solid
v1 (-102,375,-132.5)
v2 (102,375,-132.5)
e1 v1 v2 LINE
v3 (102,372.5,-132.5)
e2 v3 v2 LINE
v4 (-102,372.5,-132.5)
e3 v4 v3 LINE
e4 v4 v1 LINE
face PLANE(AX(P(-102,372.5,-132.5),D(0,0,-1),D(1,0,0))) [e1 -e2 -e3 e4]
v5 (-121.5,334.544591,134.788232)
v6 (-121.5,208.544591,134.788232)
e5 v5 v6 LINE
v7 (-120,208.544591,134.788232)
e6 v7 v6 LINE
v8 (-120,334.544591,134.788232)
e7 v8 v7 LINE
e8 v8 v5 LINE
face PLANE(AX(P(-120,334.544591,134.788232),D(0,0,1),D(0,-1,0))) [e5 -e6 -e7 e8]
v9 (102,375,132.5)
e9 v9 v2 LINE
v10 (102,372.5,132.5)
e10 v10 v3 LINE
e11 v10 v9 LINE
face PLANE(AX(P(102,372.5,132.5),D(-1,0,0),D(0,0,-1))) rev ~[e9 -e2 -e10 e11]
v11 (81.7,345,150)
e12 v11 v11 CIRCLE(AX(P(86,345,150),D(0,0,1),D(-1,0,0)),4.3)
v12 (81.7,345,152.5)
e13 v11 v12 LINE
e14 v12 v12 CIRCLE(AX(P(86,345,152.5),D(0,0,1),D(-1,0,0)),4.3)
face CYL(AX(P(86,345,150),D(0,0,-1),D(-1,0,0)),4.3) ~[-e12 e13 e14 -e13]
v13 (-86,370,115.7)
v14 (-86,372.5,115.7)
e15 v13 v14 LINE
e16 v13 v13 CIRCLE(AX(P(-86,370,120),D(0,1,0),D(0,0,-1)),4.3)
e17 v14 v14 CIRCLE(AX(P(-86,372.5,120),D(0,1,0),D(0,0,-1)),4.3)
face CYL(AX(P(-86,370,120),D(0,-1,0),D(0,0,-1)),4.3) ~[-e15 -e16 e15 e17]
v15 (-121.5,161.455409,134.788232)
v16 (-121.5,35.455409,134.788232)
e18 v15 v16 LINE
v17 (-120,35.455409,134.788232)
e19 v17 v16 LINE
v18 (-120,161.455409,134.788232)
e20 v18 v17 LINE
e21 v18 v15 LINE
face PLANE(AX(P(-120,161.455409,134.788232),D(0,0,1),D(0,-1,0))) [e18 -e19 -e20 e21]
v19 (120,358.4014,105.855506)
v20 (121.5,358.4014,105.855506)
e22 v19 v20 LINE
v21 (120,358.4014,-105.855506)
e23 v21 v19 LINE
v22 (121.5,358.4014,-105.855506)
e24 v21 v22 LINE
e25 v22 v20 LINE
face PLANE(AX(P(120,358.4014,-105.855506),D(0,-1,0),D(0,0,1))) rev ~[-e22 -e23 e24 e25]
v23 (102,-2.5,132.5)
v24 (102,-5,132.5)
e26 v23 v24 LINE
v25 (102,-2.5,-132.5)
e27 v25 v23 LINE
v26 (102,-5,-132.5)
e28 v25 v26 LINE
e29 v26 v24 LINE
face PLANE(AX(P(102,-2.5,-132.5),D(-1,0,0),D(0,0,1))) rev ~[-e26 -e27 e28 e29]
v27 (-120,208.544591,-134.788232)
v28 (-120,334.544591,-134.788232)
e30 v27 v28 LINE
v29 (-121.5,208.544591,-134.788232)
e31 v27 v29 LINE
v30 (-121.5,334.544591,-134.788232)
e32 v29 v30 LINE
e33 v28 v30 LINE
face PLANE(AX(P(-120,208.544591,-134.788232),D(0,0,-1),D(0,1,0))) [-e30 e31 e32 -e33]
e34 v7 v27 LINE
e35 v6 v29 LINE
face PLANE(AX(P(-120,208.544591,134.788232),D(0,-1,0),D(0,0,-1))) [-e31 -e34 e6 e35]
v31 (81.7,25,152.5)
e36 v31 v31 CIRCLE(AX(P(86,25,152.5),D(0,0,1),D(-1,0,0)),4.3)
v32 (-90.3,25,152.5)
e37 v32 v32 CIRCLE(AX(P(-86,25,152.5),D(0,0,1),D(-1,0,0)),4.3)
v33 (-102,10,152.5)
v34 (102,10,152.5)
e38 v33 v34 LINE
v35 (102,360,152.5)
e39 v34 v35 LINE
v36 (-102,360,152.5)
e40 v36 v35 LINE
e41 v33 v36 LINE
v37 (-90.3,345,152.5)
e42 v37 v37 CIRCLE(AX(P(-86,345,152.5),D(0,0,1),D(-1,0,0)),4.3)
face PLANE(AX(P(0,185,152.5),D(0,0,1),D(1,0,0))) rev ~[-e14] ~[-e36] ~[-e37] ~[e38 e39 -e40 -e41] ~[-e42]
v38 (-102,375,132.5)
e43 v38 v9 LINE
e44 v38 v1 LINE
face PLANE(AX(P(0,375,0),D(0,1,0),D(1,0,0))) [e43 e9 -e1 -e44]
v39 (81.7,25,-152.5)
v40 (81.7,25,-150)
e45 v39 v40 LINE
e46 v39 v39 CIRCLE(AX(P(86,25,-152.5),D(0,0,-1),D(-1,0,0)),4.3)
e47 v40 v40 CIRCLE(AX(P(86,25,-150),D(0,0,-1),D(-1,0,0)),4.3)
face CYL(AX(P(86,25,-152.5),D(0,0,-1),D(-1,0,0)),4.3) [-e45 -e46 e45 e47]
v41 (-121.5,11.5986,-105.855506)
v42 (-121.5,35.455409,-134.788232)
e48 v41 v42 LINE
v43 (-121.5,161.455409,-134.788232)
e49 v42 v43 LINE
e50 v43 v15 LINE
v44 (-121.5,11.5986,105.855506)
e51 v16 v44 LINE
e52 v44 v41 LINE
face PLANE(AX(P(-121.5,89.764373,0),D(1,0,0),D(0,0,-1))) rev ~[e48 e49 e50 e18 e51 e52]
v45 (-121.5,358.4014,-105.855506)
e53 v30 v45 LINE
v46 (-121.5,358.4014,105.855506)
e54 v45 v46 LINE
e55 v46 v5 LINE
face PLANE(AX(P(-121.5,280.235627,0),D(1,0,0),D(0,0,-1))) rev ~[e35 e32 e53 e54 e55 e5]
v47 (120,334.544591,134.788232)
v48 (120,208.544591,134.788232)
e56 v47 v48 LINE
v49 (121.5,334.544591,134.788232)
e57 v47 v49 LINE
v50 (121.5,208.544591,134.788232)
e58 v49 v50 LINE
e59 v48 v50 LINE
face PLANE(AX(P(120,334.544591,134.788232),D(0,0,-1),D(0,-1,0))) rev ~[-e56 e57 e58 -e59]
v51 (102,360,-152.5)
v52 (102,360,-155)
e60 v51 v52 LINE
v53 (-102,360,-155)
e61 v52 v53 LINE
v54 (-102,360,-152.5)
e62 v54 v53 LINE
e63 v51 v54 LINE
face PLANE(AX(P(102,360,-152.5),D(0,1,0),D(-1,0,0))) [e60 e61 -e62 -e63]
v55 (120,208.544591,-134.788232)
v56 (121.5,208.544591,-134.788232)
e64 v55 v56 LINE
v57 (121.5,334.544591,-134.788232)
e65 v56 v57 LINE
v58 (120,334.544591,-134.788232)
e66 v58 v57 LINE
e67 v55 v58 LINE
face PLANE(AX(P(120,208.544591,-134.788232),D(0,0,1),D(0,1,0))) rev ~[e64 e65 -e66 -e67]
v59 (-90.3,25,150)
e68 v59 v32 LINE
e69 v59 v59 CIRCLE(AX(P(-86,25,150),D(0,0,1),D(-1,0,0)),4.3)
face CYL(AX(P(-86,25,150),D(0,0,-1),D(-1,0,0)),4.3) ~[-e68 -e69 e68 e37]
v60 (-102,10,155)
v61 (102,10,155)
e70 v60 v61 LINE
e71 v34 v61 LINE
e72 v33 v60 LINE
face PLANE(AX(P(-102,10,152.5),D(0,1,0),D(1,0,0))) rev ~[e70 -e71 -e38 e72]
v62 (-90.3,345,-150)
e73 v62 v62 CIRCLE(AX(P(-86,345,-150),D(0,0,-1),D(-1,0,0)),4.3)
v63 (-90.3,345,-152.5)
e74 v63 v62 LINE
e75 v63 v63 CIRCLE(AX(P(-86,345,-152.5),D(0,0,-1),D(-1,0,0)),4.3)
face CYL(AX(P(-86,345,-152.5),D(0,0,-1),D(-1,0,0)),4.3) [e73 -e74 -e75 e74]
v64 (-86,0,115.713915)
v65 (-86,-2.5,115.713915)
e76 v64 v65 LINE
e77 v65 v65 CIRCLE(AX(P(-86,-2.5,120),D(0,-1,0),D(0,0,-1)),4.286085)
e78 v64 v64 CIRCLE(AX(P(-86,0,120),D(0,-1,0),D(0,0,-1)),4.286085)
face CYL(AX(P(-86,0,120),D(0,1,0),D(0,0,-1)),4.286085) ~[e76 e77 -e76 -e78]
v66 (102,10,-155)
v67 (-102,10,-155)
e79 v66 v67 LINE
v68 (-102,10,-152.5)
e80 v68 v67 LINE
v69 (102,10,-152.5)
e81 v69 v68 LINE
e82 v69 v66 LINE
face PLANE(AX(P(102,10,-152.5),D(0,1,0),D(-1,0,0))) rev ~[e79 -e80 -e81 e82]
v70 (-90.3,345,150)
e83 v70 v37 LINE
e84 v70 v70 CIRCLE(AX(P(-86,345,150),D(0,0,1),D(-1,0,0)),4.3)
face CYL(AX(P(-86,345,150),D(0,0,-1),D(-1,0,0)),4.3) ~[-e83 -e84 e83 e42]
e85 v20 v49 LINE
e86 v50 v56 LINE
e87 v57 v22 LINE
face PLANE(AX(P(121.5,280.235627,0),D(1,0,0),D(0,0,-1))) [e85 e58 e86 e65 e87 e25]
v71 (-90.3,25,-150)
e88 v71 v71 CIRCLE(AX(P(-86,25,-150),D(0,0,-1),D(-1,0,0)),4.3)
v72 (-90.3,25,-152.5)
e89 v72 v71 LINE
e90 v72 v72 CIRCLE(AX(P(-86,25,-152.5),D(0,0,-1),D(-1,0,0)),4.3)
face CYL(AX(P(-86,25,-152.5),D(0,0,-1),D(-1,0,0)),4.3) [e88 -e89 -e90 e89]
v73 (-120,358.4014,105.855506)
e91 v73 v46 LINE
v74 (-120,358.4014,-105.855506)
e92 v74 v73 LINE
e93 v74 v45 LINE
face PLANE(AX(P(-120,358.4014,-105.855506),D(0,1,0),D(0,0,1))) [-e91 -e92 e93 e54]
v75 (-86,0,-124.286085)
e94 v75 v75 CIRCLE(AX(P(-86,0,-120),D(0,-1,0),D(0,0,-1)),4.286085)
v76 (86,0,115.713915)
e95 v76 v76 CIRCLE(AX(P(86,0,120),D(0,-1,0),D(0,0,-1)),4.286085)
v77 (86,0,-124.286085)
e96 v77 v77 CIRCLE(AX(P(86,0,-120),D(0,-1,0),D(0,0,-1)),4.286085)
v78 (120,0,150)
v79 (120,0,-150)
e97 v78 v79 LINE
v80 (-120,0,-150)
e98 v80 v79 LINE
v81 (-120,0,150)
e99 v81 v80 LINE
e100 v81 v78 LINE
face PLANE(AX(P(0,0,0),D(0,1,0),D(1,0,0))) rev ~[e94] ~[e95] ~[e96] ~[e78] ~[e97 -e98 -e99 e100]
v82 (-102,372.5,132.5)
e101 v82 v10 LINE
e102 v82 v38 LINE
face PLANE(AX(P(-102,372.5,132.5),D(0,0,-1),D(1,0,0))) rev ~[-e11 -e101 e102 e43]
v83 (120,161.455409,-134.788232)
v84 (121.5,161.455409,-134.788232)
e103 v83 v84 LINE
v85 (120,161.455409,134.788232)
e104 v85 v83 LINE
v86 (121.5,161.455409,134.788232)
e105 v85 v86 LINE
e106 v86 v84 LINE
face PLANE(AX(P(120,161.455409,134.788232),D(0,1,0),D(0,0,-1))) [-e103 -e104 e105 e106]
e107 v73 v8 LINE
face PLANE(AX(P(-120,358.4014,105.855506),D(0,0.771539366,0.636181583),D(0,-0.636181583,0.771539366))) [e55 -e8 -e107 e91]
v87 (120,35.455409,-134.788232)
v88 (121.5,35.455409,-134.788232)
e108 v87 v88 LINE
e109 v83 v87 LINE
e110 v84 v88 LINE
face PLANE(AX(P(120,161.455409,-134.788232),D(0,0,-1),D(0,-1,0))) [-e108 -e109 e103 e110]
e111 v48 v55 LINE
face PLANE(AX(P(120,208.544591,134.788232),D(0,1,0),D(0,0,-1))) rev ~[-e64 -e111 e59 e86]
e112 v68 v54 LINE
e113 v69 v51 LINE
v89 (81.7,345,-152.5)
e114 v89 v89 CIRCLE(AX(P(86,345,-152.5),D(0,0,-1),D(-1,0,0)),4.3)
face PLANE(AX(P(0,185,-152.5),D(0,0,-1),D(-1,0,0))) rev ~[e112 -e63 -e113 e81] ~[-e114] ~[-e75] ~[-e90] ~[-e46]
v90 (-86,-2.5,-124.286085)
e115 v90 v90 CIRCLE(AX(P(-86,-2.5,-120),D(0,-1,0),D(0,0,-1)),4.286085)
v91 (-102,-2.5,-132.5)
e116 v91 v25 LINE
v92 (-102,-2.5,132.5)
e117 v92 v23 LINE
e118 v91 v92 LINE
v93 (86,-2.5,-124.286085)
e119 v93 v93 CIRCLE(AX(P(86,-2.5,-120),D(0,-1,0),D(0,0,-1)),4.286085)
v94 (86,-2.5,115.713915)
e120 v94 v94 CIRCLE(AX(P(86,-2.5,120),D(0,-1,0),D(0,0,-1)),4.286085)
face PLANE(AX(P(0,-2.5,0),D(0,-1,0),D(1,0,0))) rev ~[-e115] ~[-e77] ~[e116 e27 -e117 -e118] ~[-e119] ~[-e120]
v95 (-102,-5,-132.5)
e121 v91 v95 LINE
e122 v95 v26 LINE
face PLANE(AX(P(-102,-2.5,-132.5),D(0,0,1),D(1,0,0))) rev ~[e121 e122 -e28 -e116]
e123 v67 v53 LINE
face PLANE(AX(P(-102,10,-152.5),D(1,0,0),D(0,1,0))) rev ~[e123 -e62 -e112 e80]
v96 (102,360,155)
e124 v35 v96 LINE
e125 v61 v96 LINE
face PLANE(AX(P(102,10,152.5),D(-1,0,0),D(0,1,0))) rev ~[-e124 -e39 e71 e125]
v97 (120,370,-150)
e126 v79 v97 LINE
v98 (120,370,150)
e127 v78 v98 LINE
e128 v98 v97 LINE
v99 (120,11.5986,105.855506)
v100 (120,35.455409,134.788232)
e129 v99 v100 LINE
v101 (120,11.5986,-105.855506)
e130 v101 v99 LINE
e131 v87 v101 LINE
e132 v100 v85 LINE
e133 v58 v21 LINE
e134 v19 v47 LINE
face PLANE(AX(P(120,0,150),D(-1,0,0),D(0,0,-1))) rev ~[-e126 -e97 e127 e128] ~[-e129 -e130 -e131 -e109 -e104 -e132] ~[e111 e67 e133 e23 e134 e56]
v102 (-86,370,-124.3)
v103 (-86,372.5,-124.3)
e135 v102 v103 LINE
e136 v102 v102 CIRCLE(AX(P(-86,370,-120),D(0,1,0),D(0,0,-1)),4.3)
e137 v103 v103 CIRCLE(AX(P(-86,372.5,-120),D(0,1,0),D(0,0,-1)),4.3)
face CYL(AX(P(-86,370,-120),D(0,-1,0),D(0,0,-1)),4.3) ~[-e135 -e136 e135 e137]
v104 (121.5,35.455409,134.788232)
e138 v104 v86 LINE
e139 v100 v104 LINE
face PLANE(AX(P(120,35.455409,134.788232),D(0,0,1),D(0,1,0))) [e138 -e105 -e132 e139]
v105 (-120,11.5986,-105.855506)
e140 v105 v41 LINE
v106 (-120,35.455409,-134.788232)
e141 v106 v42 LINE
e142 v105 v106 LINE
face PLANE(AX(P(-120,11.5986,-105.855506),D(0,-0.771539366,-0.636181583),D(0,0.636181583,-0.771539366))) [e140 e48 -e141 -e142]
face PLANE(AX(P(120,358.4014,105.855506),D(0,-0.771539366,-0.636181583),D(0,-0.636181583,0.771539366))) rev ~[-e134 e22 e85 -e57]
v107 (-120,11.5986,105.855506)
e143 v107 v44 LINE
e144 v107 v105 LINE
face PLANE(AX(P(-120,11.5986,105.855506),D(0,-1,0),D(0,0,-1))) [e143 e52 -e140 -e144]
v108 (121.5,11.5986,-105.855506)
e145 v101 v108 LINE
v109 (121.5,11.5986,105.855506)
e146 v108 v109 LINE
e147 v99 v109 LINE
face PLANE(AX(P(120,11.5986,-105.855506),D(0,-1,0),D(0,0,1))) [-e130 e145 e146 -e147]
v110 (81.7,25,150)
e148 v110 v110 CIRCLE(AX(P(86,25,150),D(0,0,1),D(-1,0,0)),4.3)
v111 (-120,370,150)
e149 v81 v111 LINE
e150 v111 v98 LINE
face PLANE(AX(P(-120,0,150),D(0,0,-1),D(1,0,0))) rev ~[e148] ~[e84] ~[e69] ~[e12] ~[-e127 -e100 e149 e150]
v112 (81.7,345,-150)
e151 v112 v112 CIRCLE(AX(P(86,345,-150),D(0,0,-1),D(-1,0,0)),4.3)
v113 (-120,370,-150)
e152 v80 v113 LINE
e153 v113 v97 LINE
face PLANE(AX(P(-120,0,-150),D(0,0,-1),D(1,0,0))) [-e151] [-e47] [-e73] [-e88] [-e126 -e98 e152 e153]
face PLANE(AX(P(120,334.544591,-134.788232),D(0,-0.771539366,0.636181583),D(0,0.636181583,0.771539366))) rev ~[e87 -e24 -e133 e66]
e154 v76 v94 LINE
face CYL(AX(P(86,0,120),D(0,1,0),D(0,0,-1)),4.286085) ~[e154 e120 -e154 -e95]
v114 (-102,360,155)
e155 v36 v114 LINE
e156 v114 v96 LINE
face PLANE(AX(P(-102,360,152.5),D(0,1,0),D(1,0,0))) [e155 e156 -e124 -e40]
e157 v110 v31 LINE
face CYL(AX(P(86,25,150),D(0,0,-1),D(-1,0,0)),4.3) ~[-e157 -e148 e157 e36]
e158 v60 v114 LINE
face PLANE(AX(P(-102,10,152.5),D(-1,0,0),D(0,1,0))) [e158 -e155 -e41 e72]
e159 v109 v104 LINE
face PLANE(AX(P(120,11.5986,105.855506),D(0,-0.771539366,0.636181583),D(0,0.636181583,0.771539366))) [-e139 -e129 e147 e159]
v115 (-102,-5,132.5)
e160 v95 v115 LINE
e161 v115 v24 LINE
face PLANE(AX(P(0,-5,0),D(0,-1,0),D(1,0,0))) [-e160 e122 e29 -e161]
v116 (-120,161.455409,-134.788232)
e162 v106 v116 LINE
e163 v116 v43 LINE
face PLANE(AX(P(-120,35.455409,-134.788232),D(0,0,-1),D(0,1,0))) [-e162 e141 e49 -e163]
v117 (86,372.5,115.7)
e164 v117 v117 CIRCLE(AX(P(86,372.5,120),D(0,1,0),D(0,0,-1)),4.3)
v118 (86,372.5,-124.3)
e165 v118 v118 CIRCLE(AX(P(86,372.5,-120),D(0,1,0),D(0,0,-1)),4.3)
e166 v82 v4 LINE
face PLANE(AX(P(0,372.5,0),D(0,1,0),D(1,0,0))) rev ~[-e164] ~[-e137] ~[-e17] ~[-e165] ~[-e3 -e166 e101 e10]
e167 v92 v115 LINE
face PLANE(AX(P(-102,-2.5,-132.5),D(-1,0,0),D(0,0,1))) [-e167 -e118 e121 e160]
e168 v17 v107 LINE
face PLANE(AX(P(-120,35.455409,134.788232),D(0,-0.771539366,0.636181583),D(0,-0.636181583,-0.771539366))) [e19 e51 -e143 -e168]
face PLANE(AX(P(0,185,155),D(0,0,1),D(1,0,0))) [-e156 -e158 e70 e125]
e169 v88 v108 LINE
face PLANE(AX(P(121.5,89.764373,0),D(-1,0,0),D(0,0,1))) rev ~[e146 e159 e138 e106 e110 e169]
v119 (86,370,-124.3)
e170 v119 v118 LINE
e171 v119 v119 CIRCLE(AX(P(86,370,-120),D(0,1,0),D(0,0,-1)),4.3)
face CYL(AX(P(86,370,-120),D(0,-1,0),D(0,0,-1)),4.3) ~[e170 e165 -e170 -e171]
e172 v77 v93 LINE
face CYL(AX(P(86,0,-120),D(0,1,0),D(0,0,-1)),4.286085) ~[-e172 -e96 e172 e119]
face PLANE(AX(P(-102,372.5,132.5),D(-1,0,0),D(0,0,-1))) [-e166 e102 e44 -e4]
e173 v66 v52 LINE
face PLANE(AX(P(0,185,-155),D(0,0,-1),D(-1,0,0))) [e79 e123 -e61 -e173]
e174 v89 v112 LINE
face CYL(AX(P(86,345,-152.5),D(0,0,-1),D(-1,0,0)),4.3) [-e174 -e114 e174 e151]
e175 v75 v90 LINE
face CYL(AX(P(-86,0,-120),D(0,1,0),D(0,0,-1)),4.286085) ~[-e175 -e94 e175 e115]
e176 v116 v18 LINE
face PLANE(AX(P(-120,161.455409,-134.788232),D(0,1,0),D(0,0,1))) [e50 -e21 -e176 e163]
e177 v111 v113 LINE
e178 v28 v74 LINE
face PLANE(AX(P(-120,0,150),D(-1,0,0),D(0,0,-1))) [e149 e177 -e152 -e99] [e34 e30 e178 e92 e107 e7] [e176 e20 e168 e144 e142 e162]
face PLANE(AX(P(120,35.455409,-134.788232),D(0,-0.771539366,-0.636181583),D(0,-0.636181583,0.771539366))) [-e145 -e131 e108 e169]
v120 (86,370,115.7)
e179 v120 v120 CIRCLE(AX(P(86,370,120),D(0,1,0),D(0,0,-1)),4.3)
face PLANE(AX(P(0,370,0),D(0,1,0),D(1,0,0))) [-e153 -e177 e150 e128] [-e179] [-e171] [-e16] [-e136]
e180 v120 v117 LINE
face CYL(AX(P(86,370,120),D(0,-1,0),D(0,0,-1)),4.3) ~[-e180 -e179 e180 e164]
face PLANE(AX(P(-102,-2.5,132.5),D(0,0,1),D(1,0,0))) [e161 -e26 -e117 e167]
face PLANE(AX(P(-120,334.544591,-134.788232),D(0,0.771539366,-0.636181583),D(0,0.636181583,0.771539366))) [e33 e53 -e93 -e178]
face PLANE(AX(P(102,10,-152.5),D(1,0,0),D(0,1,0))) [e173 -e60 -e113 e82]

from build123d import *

# Parameters (mm, degrees)
SKETCH1_W            = 240
SKETCH1_H            = 300
BOSS_EXTRUDE1_DEPTH  = 370
SKETCH2_R            = 4.3
BOSS_EXTRUDE2_DEPTH  = 2.5
SKETCH3_W            = 204
SKETCH3_H            = 265
BOSS_EXTRUDE3_DEPTH  = 2.5
SKETCH8_R            = 4.286085294
BOSS_EXTRUDE6_DEPTH  = 2.5
SKETCH9_W            = 204
SKETCH9_H            = 265
BOSS_EXTRUDE7_DEPTH  = 2.5
SKETCH10_R           = 4.3
BOSS_EXTRUDE8_DEPTH  = 2.5
SKETCH12_W           = 204
SKETCH12_H           = 350
BOSS_EXTRUDE9_DEPTH  = 2.5
BOSS_EXTRUDE10_START = 2.5
SKETCH13_R           = 4.3
BOSS_EXTRUDE10_DEPTH = 2.5
SKETCH14_W           = 204
SKETCH14_H           = 350
BOSS_EXTRUDE11_DEPTH = 2.5
BOSS_EXTRUDE12_DEPTH = 1.5
BOSS_EXTRUDE13_DEPTH = 1.5


with BuildPart() as part:
    # Sketch1 → Boss-Extrude1 (new body)
    with BuildSketch(Plane(origin=(0, 0, 0), x_dir=(1, 0, 0), z_dir=(0, 1, 0))):
        Rectangle(SKETCH1_W, SKETCH1_H)
    extrude(amount=BOSS_EXTRUDE1_DEPTH)

    # Sketch2 → Boss-Extrude2 (add)
    with BuildSketch(Plane(origin=(0, 370, 0), x_dir=(1, 0, 0), z_dir=(0, 1, 0))):
        with Locations(Location((-86, 120, 0), (0, 0, 90))):
            Circle(SKETCH2_R)
        with Locations(Location((86, 120, 0), (0, 0, 90))):
            Circle(SKETCH2_R)
        with Locations(Location((86, -120, 0), (0, 0, 90))):
            Circle(SKETCH2_R)
        with Locations(Location((-86, -120, 0), (0, 0, 90))):
            Circle(SKETCH2_R)
    extrude(amount=BOSS_EXTRUDE2_DEPTH)

    # Sketch3 → Boss-Extrude3 (add)
    with BuildSketch(Plane(origin=(0, 372.5, 0), x_dir=(1, 0, 0), z_dir=(0, 1, 0))):
        Rectangle(SKETCH3_W, SKETCH3_H)
    extrude(amount=BOSS_EXTRUDE3_DEPTH)

    # Sketch8 → Boss-Extrude6 (add)
    with BuildSketch(Plane.XZ):
        with Locations(Location((-86, 120, 0), (0, 0, 270))):
            Circle(SKETCH8_R)
        with Locations(Location((86, 120, 0), (0, 0, 270))):
            Circle(SKETCH8_R)
        with Locations(Location((86, -120, 0), (0, 0, 270))):
            Circle(SKETCH8_R)
        with Locations(Location((-86, -120, 0), (0, 0, 270))):
            Circle(SKETCH8_R)
    extrude(amount=BOSS_EXTRUDE6_DEPTH)

    # Sketch9 → Boss-Extrude7 (add)
    with BuildSketch(Plane.XZ.offset(2.5)):
        Rectangle(SKETCH9_W, SKETCH9_H)
    extrude(amount=BOSS_EXTRUDE7_DEPTH)

    # Sketch10 → Boss-Extrude8 (add)
    with BuildSketch(Plane.XY.offset(150)):
        with Locations(Location((-86, 345, 0), (0, 0, 180))):
            Circle(SKETCH10_R)
        with Locations(Location((86, 345, 0), (0, 0, 180))):
            Circle(SKETCH10_R)
        with Locations(Location((86, 25, 0), (0, 0, 180))):
            Circle(SKETCH10_R)
        with Locations(Location((-86, 25, 0), (0, 0, 180))):
            Circle(SKETCH10_R)
    extrude(amount=BOSS_EXTRUDE8_DEPTH)

    # Sketch12 → Boss-Extrude9 (add)
    with BuildSketch(Plane.XY.offset(152.5)):
        with Locations((0, 185)):
            Rectangle(SKETCH12_W, SKETCH12_H)
    extrude(amount=BOSS_EXTRUDE9_DEPTH)

    # Sketch13 → Boss-Extrude10 (add)
    with BuildSketch(Plane(origin=(0, 0, -150), x_dir=(-1, 0, 0), z_dir=(0, 0, -1)).offset(BOSS_EXTRUDE10_START)):
        with Locations((-86, 345)):
            Circle(SKETCH13_R)
        with Locations((86, 345)):
            Circle(SKETCH13_R)
        with Locations((-86, 25)):
            Circle(SKETCH13_R)
        with Locations((86, 25)):
            Circle(SKETCH13_R)
    extrude(amount=-BOSS_EXTRUDE10_DEPTH)

    # Sketch14 → Boss-Extrude11 (add)
    with BuildSketch(Plane(origin=(0, 0, -152.5), x_dir=(-1, 0, 0), z_dir=(0, 0, -1))):
        with Locations((0, 185)):
            Rectangle(SKETCH14_W, SKETCH14_H)
    extrude(amount=BOSS_EXTRUDE11_DEPTH)

    # Sketch15 → Boss-Extrude12 (add)
    with BuildSketch(Plane.ZY.offset(120)):
        Polygon((-134.788231979, 161.45540947), (134.788231979, 161.45540947), (134.788231979, 35.45540947), (105.855505742, 11.598600117), (-105.855505742, 11.598600117), (-134.788231979, 35.45540947), align=None)
        Polygon((-134.788231979, 334.54459053), (-105.855505742, 358.401399883), (105.855505742, 358.401399883), (134.788231979, 334.54459053), (134.788231979, 208.54459053), (-134.788231979, 208.54459053), align=None)
    extrude(amount=BOSS_EXTRUDE12_DEPTH)

    # Sketch17 → Boss-Extrude13 (add)
    with BuildSketch(Plane(origin=(120, 0, 0), x_dir=(0, 0, -1), z_dir=(1, 0, 0))):
        Polygon((-134.788231979, 208.54459053), (134.788231979, 208.54459053), (134.788231979, 334.54459053), (105.855505742, 358.401399883), (-105.855505742, 358.401399883), (-134.788231979, 334.54459053), align=None)
        Polygon((-134.788231979, 161.45540947), (134.788231979, 161.45540947), (134.788231979, 35.45540947), (105.855505742, 11.598600117), (-105.855505742, 11.598600117), (-134.788231979, 35.45540947), align=None)
    extrude(amount=BOSS_EXTRUDE13_DEPTH)


solid = part.part
